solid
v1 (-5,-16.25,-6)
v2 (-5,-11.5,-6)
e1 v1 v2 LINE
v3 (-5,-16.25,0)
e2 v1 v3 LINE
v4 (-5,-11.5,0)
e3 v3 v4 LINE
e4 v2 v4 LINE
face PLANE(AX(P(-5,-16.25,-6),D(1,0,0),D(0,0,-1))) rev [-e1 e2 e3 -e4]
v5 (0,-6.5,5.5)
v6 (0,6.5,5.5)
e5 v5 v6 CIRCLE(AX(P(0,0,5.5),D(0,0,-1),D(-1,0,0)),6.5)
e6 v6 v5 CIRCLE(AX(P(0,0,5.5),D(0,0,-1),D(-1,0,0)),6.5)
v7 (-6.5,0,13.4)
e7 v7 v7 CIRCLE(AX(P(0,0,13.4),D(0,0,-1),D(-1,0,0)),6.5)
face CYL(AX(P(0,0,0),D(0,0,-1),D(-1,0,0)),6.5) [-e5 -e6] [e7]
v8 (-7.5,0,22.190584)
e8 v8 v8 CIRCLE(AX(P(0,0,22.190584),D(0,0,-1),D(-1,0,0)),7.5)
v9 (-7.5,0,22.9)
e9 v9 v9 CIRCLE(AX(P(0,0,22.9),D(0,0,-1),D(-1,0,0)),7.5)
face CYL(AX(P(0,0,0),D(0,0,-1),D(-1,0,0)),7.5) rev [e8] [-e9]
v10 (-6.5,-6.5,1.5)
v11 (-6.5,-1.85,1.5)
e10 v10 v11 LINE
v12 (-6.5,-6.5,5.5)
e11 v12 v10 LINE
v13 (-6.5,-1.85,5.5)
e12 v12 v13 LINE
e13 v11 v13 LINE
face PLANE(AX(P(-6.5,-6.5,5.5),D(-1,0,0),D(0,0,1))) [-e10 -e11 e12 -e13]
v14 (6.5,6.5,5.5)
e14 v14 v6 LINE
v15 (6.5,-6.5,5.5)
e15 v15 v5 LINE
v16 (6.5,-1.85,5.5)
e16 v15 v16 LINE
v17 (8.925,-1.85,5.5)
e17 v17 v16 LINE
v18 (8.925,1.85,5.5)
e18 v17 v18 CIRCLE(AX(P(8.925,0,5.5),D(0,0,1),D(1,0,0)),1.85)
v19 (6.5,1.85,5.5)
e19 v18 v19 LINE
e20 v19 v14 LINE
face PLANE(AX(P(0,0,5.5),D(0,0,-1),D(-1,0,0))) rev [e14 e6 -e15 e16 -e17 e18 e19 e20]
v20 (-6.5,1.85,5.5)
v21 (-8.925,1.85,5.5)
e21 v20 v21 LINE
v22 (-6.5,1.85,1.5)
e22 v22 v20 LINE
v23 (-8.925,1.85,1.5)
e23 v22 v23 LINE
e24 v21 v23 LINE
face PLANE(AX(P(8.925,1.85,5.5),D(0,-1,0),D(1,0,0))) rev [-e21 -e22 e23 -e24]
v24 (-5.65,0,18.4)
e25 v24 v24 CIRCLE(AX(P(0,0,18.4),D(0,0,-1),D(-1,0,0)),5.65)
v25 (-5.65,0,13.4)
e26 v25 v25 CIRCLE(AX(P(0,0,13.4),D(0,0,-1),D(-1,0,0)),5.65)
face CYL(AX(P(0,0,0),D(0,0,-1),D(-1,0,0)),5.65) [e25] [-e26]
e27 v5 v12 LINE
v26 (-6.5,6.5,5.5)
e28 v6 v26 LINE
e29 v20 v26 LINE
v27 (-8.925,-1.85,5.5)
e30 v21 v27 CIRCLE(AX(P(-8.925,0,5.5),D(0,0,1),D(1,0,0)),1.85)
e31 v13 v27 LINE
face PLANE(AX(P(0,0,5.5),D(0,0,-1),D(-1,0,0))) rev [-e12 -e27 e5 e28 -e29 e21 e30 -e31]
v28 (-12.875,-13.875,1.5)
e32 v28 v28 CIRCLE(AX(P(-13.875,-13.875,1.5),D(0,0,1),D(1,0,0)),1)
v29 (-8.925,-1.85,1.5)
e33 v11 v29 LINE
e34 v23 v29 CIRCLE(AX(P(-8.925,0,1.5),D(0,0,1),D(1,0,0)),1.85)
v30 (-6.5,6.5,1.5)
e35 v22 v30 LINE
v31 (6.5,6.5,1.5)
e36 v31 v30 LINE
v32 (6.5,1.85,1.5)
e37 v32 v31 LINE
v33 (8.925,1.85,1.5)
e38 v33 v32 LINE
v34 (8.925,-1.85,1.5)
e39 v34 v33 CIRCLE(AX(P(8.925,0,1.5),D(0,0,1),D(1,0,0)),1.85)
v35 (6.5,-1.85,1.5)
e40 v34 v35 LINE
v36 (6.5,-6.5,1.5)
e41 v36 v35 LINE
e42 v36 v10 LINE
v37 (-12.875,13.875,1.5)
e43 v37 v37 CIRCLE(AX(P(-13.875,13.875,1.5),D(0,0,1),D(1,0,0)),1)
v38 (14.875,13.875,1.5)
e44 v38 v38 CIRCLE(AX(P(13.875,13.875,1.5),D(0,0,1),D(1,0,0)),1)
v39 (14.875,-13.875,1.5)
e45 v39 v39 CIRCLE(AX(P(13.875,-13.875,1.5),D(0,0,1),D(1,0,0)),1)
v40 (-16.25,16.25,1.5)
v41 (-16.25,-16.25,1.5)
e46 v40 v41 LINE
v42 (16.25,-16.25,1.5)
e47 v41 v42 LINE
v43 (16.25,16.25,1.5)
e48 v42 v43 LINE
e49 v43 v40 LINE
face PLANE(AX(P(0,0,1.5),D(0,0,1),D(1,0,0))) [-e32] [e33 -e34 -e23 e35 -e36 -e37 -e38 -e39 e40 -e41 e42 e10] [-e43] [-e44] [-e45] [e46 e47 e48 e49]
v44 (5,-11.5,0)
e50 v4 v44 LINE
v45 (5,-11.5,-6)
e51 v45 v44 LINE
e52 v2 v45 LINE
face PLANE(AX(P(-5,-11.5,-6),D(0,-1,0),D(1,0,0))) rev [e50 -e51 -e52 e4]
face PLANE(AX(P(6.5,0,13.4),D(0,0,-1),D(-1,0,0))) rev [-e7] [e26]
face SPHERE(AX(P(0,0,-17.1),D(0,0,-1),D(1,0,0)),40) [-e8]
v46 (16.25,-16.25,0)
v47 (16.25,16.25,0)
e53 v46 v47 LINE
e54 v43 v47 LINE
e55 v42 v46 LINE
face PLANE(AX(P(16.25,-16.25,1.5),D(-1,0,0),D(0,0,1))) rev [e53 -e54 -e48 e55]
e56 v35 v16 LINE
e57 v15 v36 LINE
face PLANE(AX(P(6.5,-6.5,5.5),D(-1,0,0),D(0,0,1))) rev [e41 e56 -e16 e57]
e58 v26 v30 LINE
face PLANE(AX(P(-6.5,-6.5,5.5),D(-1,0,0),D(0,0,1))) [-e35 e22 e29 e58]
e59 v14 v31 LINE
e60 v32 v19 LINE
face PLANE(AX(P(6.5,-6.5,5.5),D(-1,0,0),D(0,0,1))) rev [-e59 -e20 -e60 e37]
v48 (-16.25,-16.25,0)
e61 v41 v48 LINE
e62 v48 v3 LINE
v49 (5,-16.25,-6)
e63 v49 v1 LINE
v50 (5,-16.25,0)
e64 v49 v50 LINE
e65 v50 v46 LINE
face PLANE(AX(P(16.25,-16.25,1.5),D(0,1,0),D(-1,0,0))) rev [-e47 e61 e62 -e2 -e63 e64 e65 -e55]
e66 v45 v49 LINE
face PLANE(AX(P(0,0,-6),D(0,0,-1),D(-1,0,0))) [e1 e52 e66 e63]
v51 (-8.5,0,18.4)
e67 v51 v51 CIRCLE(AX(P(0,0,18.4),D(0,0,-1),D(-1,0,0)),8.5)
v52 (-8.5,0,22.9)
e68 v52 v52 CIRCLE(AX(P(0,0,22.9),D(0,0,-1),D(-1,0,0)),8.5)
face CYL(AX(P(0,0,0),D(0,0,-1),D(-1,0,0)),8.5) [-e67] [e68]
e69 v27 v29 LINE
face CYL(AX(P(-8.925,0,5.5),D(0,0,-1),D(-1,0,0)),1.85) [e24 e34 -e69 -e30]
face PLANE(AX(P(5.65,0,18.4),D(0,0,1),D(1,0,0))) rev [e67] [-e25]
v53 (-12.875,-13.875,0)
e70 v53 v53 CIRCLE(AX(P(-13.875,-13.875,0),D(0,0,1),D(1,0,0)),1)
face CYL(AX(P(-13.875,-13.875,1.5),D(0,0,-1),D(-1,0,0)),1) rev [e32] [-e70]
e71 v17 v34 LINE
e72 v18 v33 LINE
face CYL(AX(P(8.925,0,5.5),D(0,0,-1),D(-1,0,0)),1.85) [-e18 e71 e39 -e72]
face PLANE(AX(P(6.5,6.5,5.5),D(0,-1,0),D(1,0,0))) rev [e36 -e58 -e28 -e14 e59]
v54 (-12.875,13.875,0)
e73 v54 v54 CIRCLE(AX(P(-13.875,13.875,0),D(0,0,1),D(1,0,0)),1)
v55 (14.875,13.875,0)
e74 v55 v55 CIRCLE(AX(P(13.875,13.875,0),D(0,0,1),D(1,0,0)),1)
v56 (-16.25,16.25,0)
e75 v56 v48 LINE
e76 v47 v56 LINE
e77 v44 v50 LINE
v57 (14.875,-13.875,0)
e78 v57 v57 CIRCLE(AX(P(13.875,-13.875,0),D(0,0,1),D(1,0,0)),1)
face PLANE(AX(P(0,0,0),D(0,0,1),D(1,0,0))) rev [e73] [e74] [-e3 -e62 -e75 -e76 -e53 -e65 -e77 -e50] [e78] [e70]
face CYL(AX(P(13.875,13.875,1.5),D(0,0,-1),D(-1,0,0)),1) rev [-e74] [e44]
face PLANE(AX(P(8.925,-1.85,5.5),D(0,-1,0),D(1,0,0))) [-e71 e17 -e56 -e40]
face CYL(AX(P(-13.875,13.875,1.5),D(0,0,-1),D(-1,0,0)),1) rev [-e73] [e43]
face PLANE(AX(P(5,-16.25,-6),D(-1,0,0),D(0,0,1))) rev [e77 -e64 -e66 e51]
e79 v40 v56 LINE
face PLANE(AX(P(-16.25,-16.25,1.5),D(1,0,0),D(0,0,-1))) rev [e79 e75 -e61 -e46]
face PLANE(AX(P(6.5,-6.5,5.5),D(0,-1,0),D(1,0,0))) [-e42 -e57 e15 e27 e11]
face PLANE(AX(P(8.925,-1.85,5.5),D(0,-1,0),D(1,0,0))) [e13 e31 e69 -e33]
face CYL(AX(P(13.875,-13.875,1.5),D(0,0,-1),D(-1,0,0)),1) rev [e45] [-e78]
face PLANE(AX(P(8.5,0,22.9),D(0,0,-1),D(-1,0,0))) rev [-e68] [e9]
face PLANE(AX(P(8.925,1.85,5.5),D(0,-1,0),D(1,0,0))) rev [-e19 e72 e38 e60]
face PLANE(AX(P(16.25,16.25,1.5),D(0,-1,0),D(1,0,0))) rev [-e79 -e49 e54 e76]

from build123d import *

# Parameters (mm, degrees)
SKETCH2_W           = 32.5
SKETCH2_H           = 32.5
SKETCH2_R           = 1
BOSS_EXTRUDE1_DEPTH = 1.5
SKETCH4_W           = 13
SKETCH4_H           = 13
BOSS_EXTRUDE2_DEPTH = 4
SKETCH6_W           = 10
SKETCH6_H           = 4.75
BOSS_EXTRUDE3_DEPTH = 6


with BuildPart() as part:
    # Sketch2 → Boss-Extrude1 (new body)
    with BuildSketch(Plane.XY):
        Rectangle(SKETCH2_W, SKETCH2_H)
        with Locations((13.875, 13.875)):
            Circle(SKETCH2_R, mode=Mode.SUBTRACT)
        with Locations((13.875, -13.875)):
            Circle(SKETCH2_R, mode=Mode.SUBTRACT)
        with Locations((-13.875, -13.875)):
            Circle(SKETCH2_R, mode=Mode.SUBTRACT)
        with Locations((-13.875, 13.875)):
            Circle(SKETCH2_R, mode=Mode.SUBTRACT)
    extrude(amount=BOSS_EXTRUDE1_DEPTH)

    # Sketch4 → Boss-Extrude2 (add)
    with BuildSketch(Plane.XY.offset(1.5)):
        Rectangle(SKETCH4_W, SKETCH4_H)
        with BuildLine():
            Line((8.925, -1.85), (-8.925, -1.85))
            ThreePointArc((-8.925, -1.85), (-10.775, 0), (-8.925, 1.85))
            Line((-8.925, 1.85), (8.925, 1.85))
            ThreePointArc((8.925, 1.85), (10.775, 0), (8.925, -1.85))
        make_face()
    extrude(amount=BOSS_EXTRUDE2_DEPTH)

    # Sketch5 → Revolve1 (revolve)
    with BuildSketch(Plane(origin=(0, 0, 0), x_dir=(1, 0, 0), z_dir=(0, 1, 0)), mode=Mode.PRIVATE) as revolve1_sk:
        with BuildLine():
            Line((0, -5.5), (6.5, -5.5))
            Line((6.5, -5.5), (6.5, -13.4))
            Line((6.5, -13.4), (5.65, -13.4))
            Line((5.65, -13.4), (5.65, -18.4))
            Line((5.65, -18.4), (8.5, -18.4))
            Line((8.5, -18.4), (8.5, -22.9))
            Line((8.5, -22.9), (7.5, -22.9))
            Line((7.5, -22.9), (7.5, -22.190584114))
            ThreePointArc((7.5, -22.190584114), (3.76673834, -22.722251095), (0, -22.9))
            Line((0, -22.9), (0, -5.5))
        make_face()
    revolve(revolve1_sk.sketch.rotate(Axis((0, 0, 0), (0, 0, 1)), 180), axis=Axis((0, 0, 0), (0, 0, 1)))

    # Sketch6 → Boss-Extrude3 (add)
    with BuildSketch(Plane(origin=(0, 0, 0), x_dir=(-1, 0, 0), z_dir=(0, 0, -1))):
        with Locations((0, -13.875)):
            Rectangle(SKETCH6_W, SKETCH6_H)
    extrude(amount=BOSS_EXTRUDE3_DEPTH)


solid = part.part
